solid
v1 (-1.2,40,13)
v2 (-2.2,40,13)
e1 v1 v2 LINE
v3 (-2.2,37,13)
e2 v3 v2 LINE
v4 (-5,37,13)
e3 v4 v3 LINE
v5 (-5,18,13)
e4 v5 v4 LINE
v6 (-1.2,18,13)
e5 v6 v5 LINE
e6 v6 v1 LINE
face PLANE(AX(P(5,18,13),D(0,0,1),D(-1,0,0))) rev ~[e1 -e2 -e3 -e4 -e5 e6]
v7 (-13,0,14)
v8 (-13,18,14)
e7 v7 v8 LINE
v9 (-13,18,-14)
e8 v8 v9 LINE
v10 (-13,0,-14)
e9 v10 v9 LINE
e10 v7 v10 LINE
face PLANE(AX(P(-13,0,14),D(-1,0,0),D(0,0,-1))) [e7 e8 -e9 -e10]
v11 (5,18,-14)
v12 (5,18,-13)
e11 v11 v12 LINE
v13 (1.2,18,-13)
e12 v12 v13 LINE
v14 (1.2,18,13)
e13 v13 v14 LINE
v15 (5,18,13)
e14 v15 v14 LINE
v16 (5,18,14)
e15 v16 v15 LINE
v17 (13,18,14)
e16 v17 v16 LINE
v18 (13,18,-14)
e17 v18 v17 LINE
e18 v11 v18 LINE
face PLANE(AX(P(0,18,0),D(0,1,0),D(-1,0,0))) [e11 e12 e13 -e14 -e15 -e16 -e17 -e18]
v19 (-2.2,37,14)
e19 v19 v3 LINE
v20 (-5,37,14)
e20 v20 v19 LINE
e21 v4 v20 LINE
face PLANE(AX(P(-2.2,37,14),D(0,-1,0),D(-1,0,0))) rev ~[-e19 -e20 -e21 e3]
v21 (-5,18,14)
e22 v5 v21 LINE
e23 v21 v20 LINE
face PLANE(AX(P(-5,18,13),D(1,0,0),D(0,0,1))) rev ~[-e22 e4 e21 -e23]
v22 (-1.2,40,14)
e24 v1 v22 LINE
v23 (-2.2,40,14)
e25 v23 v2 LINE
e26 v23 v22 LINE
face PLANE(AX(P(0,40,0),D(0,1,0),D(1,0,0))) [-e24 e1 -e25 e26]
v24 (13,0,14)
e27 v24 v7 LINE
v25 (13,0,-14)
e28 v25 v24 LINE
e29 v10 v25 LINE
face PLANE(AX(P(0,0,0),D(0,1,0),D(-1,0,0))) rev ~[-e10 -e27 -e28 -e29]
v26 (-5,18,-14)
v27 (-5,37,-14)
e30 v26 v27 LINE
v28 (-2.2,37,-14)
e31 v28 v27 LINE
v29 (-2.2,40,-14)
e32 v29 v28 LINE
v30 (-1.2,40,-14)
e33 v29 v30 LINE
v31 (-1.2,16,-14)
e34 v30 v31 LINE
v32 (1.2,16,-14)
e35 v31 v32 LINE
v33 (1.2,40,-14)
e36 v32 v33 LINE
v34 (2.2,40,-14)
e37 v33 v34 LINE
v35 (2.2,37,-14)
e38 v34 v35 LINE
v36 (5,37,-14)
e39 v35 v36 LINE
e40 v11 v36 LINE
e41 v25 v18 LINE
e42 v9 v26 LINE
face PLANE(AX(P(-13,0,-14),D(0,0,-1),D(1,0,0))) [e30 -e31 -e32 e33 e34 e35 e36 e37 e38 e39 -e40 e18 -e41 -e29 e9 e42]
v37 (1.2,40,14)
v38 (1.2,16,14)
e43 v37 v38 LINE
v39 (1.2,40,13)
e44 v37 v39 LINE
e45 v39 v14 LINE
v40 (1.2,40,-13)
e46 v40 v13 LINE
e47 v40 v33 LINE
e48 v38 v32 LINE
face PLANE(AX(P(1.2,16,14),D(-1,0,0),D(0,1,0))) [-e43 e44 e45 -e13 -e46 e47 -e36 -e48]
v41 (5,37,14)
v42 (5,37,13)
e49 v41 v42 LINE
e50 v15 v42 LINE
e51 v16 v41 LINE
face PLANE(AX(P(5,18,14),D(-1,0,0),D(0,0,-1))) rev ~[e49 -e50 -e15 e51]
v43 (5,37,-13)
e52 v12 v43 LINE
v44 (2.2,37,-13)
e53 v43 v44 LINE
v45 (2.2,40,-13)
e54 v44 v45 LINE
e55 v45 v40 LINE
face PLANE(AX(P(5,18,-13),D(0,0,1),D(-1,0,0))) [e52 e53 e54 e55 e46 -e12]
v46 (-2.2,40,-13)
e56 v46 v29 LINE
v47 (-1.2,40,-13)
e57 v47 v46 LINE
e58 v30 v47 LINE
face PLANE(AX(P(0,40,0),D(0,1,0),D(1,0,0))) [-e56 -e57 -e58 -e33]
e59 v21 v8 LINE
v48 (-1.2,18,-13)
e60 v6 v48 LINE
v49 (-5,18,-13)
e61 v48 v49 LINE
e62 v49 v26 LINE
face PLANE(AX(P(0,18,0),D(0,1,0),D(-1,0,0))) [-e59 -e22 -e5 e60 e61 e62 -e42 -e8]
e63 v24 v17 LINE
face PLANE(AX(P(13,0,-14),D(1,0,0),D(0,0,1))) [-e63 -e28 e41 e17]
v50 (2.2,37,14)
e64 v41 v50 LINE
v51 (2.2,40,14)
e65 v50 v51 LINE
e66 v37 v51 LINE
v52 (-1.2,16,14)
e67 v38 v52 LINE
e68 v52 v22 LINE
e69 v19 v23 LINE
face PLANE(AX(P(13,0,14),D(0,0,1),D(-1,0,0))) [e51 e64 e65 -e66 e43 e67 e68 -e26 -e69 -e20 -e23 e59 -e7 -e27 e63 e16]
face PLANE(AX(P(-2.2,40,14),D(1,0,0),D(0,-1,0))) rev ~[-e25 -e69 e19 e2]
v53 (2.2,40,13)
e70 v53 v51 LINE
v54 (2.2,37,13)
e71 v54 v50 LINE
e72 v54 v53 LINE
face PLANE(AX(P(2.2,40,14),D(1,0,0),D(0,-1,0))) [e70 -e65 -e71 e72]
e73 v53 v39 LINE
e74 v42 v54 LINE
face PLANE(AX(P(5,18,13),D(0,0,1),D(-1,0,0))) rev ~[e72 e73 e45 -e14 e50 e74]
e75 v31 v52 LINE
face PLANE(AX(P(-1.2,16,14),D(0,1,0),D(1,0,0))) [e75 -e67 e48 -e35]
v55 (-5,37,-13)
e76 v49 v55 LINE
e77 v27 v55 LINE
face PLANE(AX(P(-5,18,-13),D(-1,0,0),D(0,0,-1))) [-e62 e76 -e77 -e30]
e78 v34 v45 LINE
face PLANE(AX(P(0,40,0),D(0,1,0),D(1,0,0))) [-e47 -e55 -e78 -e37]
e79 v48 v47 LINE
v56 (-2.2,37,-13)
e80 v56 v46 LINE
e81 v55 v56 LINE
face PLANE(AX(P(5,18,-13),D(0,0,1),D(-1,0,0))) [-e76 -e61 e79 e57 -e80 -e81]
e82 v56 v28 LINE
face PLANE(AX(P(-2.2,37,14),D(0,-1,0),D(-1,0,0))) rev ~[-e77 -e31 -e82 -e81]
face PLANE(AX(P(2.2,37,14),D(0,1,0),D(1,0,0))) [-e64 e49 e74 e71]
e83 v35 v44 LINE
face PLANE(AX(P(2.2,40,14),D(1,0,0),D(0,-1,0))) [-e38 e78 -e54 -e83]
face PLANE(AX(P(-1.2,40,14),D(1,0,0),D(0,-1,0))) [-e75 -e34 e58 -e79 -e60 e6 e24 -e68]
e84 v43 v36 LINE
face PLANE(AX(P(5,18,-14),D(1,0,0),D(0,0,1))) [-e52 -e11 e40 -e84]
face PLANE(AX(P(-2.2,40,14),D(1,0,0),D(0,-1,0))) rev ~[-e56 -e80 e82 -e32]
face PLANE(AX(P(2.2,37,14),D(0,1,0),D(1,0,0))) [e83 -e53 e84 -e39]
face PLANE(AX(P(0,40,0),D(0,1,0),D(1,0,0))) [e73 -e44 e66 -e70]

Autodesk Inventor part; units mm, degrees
ref_plane "YZ Plane" through (0, 0, 0) normal (1, 0, 0) x (0, 1, 0)
ref_plane "XZ Plane" through (0, 0, 0) normal (0, 1, 0) x (-1, 0, 0)
ref_plane "XY Plane" through (0, 0, 0) normal (0, 0, 1) x (1, 0, 0)
sketch "Sketch1" plane through (0, 0, 0) normal (0, 1, 0) x (-1, 0, 0)
  point P0 (0, 0)
sketch "Sketch2" plane through (0, 0, 0) normal (0, 1, 0) x (-1, 0, 0)
  line L0 (-13, 14) -> (13, 14)
  line L1 (13, 14) -> (13, -14)
  line L2 (13, -14) -> (-13, -14)
  line L3 (-13, -14) -> (-13, 14)
  line L4 (-13, 14) -> (13, -14) construction
  line L5 (13, 14) -> (-13, -14) construction
  point P0 (0, 0)
  dimension "d0" = 26
  dimension "d1" = 28
extrude "Extrusion1" add sketch "Sketch2" along normal blind 18
sketch "Sketch5" plane through (13, 0, 14) normal (1, 0, 0) x (0, 0, -1)
  point P0 (14, 0)
  point P1 (17, 39.5)
  point P2 (11, 39.5)
sketch "Sketch7" plane through (0, 18, 0) normal (0, 1, 0) x (1, 0, 0)
  point P0 (0, 0)
sketch "Sketch8" plane through (0, 18, 0) normal (0, 1, 0) x (1, 0, 0)
  line L0 (13, 14) -> (-13, 14) projected
  line L1 (13, 14) -> (5, 14)
  line L2 (-5, 14) -> (-4, 14)
  line L3 (-5, 14) -> (5, 14)
  line L4 (5, 14) -> (5, 13)
  line L5 (5, 13) -> (-5, 13)
  line L6 (-5, 13) -> (-5, 14)
  line L7 (-13, -14) -> (13, -14) projected
  line L8 (-5, -14) -> (5, -14)
  line L9 (5, -14) -> (5, -13)
  line L10 (5, -13) -> (-5, -13)
  line L11 (-5, -13) -> (-5, -14)
  point P0 (0, 0)
  dimension "d22" = 8
  dimension "d23" = 8
  dimension "d24" = 1
  dimension "d26" = 10
  dimension "d27" = 1
extrude "Extrusion5" add sketch "Sketch8" along normal blind 22
sketch "Sketch9" plane through (-13, 0, 14) normal (0, 0, 1) x (1, 0, 0)
  line L0 (8, 40) -> (18, 40) projected
  line L1 (10.7548, 39.8791) -> (11.7548, 39.8791) construction
  line L2 (11.7548, 15.8791) -> (14.1548, 15.8791)
  line L3 (14.1548, 15.8791) -> (14.1548, 40)
  line L4 (11.7548, 15.8791) -> (11.7548, 39.8791)
  line L5 (8, 40) -> (10.8, 40)
  line L6 (10.8, 40) -> (10.8, 37)
  line L7 (10.8, 37) -> (8, 37)
  line L8 (8, 37) -> (8, 40)
  line L9 (18, 40) -> (15.2, 40)
  line L10 (15.2, 40) -> (15.2, 37)
  line L11 (15.2, 37) -> (18, 37)
  line L12 (18, 37) -> (18, 40)
  point P0 (13, 0)
  dimension "d38" = 2.4
  dimension "d39" = 2.8
  dimension "d40" = 3
  dimension "d41" = 2.8
extrude "Extrusion6" cut sketch "Sketch9" along normal mid plane 100
sketch "Sketch10" plane through (-13, 0, 14) normal (0, 0, 1) x (1, 0, 0)
  line L0 (10.8, 40) -> (10.8, 37) projected
  line L1 (11.8, 40) -> (11.8, 16)
  line L2 (11.8, 16) -> (14.2, 16)
  line L3 (14.2, 16) -> (14.2, 40)
  line L4 (11.8, 40) -> (14.2, 40)
  line L5 (15.2, 40) -> (10.8, 40) projected
  point P0 (13, 0)
  dimension "d44" = 1
  dimension "d45" = 24
  dimension "d46" = 2.4
extrude "Extrusion7" cut sketch "Sketch10" along normal mid plane 100
properties part number "Suporte_motor"
